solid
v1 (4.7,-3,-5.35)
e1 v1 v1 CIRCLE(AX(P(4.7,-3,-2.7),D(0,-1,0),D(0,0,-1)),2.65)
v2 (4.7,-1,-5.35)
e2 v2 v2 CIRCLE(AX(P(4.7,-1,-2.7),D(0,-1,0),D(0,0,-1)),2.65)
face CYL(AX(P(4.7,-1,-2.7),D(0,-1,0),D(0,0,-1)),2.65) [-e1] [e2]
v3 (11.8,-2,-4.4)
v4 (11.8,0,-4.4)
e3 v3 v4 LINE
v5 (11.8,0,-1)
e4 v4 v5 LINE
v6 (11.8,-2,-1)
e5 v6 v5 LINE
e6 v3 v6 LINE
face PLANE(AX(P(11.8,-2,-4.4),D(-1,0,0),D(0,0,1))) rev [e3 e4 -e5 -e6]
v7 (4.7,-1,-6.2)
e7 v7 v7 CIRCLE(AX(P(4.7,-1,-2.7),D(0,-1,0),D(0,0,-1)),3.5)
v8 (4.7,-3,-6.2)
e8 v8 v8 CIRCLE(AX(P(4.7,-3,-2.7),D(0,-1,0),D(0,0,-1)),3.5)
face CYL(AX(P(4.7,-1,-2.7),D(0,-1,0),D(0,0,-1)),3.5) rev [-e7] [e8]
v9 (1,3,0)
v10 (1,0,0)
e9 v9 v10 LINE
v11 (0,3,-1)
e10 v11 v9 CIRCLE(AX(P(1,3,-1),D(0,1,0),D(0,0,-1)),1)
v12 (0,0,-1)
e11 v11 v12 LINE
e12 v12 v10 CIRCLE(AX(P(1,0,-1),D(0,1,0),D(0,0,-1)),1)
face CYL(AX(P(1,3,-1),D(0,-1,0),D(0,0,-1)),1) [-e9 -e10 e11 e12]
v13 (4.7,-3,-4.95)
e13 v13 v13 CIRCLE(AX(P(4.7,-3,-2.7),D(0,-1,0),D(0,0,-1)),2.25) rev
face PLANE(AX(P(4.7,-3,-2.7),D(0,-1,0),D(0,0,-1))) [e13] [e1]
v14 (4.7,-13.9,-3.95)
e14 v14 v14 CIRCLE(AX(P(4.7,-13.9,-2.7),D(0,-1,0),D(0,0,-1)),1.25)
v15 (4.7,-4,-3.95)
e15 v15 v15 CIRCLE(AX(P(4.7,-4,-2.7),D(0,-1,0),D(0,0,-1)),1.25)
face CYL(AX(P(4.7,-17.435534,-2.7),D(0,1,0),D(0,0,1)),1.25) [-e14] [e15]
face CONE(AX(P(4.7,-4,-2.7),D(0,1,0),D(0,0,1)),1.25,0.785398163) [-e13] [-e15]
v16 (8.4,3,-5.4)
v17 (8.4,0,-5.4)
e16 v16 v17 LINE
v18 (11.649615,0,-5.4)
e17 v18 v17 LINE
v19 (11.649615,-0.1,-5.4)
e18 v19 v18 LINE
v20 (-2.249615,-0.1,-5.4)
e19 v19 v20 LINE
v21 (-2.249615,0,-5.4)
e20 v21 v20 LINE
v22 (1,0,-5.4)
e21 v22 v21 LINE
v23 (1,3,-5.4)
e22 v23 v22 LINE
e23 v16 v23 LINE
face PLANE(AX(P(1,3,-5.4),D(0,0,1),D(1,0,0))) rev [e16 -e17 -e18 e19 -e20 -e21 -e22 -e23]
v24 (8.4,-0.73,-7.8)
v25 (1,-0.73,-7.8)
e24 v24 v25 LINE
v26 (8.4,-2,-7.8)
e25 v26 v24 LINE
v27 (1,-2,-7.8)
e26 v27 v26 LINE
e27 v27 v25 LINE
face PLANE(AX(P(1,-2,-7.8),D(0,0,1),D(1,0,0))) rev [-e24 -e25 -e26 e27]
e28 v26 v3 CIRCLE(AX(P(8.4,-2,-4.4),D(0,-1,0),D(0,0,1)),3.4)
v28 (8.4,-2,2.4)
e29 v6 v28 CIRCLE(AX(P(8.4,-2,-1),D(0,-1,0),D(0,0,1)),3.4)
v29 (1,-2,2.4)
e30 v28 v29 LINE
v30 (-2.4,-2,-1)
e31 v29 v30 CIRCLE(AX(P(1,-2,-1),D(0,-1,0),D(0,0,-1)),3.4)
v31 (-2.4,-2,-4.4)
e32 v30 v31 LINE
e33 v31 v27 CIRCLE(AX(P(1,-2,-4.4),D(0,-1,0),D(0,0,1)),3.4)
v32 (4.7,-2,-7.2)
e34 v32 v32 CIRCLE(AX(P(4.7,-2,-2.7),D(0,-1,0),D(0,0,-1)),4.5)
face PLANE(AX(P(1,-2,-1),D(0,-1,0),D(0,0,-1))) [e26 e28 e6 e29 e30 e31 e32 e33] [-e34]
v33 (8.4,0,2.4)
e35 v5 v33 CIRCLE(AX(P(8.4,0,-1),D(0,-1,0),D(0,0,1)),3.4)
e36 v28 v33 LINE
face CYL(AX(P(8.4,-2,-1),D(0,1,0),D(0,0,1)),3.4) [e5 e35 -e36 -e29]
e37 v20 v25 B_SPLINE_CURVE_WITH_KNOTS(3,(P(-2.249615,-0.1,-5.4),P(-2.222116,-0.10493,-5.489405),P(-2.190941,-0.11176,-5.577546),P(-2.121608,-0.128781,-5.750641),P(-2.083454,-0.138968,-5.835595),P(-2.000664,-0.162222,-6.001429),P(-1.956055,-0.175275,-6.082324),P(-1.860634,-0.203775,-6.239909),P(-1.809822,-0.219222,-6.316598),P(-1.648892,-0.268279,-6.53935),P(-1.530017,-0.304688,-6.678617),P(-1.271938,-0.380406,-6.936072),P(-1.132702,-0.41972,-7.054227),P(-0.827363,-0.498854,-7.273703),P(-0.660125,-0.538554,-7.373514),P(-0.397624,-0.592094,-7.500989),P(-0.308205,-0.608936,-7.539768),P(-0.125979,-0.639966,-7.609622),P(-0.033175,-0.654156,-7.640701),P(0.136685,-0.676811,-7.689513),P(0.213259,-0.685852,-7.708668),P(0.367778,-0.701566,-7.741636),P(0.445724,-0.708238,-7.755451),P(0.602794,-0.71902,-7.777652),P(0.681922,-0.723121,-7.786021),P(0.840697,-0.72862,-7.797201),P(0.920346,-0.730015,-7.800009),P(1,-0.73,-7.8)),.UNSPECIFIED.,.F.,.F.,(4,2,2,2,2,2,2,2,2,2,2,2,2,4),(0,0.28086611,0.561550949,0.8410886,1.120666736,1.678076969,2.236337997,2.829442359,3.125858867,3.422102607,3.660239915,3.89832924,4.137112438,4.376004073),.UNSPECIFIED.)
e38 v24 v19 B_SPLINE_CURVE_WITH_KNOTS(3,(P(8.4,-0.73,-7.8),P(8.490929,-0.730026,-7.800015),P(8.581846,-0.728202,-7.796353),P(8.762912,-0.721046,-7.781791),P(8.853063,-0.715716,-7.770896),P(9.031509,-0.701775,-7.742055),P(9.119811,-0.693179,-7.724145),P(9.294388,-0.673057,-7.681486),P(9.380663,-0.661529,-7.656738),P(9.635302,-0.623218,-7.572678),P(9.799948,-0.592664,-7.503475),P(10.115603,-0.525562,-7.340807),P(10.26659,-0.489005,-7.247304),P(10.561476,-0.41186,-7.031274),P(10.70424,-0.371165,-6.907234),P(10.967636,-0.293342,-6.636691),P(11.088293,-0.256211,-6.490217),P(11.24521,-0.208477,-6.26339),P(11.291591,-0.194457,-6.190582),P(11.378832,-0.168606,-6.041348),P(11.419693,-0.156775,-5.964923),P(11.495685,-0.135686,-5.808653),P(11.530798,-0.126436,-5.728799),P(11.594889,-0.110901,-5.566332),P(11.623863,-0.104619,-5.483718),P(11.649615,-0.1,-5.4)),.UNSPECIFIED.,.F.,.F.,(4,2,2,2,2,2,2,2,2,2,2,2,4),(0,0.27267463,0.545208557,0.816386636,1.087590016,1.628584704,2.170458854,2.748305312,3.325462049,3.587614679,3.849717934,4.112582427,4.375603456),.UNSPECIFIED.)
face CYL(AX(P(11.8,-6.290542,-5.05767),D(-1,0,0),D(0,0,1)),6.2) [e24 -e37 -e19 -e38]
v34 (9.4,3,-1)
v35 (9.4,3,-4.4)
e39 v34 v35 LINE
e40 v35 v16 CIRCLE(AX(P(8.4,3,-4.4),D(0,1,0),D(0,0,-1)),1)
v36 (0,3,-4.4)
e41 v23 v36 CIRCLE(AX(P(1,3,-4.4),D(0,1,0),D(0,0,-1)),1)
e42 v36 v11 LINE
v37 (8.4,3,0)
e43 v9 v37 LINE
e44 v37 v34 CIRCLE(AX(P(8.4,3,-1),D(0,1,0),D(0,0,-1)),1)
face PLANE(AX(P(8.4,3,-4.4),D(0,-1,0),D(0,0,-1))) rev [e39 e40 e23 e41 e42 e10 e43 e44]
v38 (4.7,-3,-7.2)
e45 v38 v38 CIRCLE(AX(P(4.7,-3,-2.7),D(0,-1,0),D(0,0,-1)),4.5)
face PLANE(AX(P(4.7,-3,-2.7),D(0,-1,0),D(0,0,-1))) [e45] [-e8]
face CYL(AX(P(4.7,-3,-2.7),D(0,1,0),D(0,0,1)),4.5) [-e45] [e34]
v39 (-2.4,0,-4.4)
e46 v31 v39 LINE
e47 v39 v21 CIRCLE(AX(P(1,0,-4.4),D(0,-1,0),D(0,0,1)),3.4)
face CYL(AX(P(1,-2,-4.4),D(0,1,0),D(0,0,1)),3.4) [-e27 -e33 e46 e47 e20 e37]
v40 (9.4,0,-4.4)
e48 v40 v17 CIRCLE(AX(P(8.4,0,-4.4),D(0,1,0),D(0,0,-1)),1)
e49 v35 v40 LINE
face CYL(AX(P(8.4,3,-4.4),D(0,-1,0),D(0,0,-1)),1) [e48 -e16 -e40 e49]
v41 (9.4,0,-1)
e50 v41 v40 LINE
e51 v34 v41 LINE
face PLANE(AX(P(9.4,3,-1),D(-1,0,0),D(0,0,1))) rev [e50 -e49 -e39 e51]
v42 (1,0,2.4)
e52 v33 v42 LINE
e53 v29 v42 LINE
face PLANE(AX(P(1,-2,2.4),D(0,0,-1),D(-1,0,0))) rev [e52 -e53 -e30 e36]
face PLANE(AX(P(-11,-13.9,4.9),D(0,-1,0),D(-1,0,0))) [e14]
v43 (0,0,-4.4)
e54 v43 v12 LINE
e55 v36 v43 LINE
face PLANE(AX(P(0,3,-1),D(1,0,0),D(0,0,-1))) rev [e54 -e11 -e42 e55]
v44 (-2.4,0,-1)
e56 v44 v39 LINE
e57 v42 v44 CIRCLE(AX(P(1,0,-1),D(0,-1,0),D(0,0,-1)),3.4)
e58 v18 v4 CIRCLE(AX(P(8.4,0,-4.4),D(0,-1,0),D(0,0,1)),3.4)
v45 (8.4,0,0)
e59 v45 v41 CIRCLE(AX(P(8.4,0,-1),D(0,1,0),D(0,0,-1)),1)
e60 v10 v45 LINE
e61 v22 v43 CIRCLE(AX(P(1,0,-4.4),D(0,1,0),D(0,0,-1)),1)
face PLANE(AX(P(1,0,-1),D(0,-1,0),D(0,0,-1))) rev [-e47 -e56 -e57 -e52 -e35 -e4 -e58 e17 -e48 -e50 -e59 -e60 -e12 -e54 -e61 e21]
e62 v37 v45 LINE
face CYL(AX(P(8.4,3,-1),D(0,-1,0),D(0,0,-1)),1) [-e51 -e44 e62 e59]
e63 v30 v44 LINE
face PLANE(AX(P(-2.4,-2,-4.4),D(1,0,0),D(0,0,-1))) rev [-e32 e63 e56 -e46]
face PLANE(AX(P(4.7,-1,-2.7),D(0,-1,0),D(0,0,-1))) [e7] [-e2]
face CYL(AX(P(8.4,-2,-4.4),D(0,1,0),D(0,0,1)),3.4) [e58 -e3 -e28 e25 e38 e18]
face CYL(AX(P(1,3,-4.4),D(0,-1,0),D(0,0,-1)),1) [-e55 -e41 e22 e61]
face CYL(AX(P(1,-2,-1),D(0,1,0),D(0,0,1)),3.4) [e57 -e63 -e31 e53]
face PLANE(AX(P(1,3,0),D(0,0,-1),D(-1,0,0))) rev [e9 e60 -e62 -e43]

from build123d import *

# Parameters (mm, degrees)
BOSS_EXTRUDE1_DEPTH = 3
BOSS_EXTRUDE2_DEPTH = 2
CUT_EXTRUDE1_DEPTH  = 17.476650145
SKETCH6_R           = 3.5
SKETCH6_R_2         = 2.65
CUT_EXTRUDE3_DEPTH  = 1
BOSS_EXTRUDE4_START = 1
SKETCH7_R           = 2.65
BOSS_EXTRUDE4_DEPTH = 1
BOSS_EXTRUDE5_START = 1
SKETCH8_R           = 4.5
SKETCH8_R_2         = 3.5
BOSS_EXTRUDE5_DEPTH = 1
SKETCH9_R           = 1.25
BOSS_EXTRUDE6_DEPTH = 10.9
CHAMFER2_SIZE       = 1


with BuildPart() as part:
    # Sketch1 → Boss-Extrude1 (new body)
    with BuildSketch(Plane(origin=(0, 0, 0), x_dir=(1, 0, 0), z_dir=(0, 1, 0))):
        with BuildLine():
            Line((1, 0), (8.4, 0))
            ThreePointArc((8.4, 0), (9.107106781, 0.292893219), (9.4, 1))
            Line((9.4, 1), (9.4, 4.4))
            ThreePointArc((9.4, 4.4), (9.107106781, 5.107106781), (8.4, 5.4))
            Line((8.4, 5.4), (1, 5.4))
            ThreePointArc((1, 5.4), (0.292893219, 5.107106781), (0, 4.4))
            Line((0, 4.4), (0, 1))
            ThreePointArc((0, 1), (0.292893219, 0.292893219), (1, 0))
        make_face()
    extrude(amount=BOSS_EXTRUDE1_DEPTH)

    # Sketch2 → Boss-Extrude2 (add)
    with BuildSketch(Plane.XZ):
        with BuildLine():
            Line((1, -7.8), (8.4, -7.8))
            ThreePointArc((8.4, -7.8), (10.804163056, -6.804163056), (11.8, -4.4))
            Line((11.8, -4.4), (11.8, -1))
            ThreePointArc((11.8, -1), (10.804163056, 1.404163056), (8.4, 2.4))
            Line((8.4, 2.4), (1, 2.4))
            ThreePointArc((1, 2.4), (-1.404163056, 1.404163056), (-2.4, -1))
            Line((-2.4, -1), (-2.4, -4.4))
            ThreePointArc((-2.4, -4.4), (-1.404163056, -6.804163056), (1, -7.8))
        make_face()
    extrude(amount=BOSS_EXTRUDE2_DEPTH)

    # Sketch3 → Cut-Extrude1 (cut, through all)
    with BuildSketch(Plane.ZY.offset(2.4)):
        with BuildLine():
            Line((-5.4, -0.1), (-5.4, 0.4))
            Line((-5.4, 0.4), (-7.8, 0.4))
            Line((-7.8, 0.4), (-7.8, -0.73))
            ThreePointArc((-7.8, -0.73), (-6.63183862, -0.29371002), (-5.4, -0.1))
        make_face()
    extrude(amount=-CUT_EXTRUDE1_DEPTH, mode=Mode.SUBTRACT)

    # Sketch6 → Cut-Extrude3 (cut)
    with BuildSketch(Plane.XZ.offset(2)):
        with Locations(Location((4.7, -2.7, 0), (0, 0, 270))):
            Circle(SKETCH6_R)
        with Locations(Location((4.7, -2.7, 0), (0, 0, 270))):
            Circle(SKETCH6_R_2, mode=Mode.SUBTRACT)
    extrude(amount=-CUT_EXTRUDE3_DEPTH, mode=Mode.SUBTRACT)

    # Sketch7 → Boss-Extrude4 (add)
    with BuildSketch(Plane.XZ.offset(2).offset(BOSS_EXTRUDE4_START)):
        with Locations(Location((4.7, -2.7, 0), (0, 0, 270))):
            Circle(SKETCH7_R)
    extrude(amount=-BOSS_EXTRUDE4_DEPTH)

    # Sketch8 → Boss-Extrude5 (add)
    with BuildSketch(Plane.XZ.offset(2).offset(BOSS_EXTRUDE5_START)):
        with Locations(Location((4.7, -2.7, 0), (0, 0, 270))):
            Circle(SKETCH8_R)
        with Locations(Location((4.7, -2.7, 0), (0, 0, 270))):
            Circle(SKETCH8_R_2, mode=Mode.SUBTRACT)
    extrude(amount=-BOSS_EXTRUDE5_DEPTH)

    # Sketch9 → Boss-Extrude6 (add)
    with BuildSketch(Plane.XZ.offset(3)):
        with Locations(Location((4.7, -2.7, 0), (0, 0, 270))):
            Circle(SKETCH9_R)
    extrude(amount=BOSS_EXTRUDE6_DEPTH)

    # Chamfer2
    chamfer2_edges = [part.edges().sort_by_distance(p)[0] for p in [
        (4.7, -3, -1.45),
    ]]
    chamfer(chamfer2_edges, length=CHAMFER2_SIZE)


solid = part.part
